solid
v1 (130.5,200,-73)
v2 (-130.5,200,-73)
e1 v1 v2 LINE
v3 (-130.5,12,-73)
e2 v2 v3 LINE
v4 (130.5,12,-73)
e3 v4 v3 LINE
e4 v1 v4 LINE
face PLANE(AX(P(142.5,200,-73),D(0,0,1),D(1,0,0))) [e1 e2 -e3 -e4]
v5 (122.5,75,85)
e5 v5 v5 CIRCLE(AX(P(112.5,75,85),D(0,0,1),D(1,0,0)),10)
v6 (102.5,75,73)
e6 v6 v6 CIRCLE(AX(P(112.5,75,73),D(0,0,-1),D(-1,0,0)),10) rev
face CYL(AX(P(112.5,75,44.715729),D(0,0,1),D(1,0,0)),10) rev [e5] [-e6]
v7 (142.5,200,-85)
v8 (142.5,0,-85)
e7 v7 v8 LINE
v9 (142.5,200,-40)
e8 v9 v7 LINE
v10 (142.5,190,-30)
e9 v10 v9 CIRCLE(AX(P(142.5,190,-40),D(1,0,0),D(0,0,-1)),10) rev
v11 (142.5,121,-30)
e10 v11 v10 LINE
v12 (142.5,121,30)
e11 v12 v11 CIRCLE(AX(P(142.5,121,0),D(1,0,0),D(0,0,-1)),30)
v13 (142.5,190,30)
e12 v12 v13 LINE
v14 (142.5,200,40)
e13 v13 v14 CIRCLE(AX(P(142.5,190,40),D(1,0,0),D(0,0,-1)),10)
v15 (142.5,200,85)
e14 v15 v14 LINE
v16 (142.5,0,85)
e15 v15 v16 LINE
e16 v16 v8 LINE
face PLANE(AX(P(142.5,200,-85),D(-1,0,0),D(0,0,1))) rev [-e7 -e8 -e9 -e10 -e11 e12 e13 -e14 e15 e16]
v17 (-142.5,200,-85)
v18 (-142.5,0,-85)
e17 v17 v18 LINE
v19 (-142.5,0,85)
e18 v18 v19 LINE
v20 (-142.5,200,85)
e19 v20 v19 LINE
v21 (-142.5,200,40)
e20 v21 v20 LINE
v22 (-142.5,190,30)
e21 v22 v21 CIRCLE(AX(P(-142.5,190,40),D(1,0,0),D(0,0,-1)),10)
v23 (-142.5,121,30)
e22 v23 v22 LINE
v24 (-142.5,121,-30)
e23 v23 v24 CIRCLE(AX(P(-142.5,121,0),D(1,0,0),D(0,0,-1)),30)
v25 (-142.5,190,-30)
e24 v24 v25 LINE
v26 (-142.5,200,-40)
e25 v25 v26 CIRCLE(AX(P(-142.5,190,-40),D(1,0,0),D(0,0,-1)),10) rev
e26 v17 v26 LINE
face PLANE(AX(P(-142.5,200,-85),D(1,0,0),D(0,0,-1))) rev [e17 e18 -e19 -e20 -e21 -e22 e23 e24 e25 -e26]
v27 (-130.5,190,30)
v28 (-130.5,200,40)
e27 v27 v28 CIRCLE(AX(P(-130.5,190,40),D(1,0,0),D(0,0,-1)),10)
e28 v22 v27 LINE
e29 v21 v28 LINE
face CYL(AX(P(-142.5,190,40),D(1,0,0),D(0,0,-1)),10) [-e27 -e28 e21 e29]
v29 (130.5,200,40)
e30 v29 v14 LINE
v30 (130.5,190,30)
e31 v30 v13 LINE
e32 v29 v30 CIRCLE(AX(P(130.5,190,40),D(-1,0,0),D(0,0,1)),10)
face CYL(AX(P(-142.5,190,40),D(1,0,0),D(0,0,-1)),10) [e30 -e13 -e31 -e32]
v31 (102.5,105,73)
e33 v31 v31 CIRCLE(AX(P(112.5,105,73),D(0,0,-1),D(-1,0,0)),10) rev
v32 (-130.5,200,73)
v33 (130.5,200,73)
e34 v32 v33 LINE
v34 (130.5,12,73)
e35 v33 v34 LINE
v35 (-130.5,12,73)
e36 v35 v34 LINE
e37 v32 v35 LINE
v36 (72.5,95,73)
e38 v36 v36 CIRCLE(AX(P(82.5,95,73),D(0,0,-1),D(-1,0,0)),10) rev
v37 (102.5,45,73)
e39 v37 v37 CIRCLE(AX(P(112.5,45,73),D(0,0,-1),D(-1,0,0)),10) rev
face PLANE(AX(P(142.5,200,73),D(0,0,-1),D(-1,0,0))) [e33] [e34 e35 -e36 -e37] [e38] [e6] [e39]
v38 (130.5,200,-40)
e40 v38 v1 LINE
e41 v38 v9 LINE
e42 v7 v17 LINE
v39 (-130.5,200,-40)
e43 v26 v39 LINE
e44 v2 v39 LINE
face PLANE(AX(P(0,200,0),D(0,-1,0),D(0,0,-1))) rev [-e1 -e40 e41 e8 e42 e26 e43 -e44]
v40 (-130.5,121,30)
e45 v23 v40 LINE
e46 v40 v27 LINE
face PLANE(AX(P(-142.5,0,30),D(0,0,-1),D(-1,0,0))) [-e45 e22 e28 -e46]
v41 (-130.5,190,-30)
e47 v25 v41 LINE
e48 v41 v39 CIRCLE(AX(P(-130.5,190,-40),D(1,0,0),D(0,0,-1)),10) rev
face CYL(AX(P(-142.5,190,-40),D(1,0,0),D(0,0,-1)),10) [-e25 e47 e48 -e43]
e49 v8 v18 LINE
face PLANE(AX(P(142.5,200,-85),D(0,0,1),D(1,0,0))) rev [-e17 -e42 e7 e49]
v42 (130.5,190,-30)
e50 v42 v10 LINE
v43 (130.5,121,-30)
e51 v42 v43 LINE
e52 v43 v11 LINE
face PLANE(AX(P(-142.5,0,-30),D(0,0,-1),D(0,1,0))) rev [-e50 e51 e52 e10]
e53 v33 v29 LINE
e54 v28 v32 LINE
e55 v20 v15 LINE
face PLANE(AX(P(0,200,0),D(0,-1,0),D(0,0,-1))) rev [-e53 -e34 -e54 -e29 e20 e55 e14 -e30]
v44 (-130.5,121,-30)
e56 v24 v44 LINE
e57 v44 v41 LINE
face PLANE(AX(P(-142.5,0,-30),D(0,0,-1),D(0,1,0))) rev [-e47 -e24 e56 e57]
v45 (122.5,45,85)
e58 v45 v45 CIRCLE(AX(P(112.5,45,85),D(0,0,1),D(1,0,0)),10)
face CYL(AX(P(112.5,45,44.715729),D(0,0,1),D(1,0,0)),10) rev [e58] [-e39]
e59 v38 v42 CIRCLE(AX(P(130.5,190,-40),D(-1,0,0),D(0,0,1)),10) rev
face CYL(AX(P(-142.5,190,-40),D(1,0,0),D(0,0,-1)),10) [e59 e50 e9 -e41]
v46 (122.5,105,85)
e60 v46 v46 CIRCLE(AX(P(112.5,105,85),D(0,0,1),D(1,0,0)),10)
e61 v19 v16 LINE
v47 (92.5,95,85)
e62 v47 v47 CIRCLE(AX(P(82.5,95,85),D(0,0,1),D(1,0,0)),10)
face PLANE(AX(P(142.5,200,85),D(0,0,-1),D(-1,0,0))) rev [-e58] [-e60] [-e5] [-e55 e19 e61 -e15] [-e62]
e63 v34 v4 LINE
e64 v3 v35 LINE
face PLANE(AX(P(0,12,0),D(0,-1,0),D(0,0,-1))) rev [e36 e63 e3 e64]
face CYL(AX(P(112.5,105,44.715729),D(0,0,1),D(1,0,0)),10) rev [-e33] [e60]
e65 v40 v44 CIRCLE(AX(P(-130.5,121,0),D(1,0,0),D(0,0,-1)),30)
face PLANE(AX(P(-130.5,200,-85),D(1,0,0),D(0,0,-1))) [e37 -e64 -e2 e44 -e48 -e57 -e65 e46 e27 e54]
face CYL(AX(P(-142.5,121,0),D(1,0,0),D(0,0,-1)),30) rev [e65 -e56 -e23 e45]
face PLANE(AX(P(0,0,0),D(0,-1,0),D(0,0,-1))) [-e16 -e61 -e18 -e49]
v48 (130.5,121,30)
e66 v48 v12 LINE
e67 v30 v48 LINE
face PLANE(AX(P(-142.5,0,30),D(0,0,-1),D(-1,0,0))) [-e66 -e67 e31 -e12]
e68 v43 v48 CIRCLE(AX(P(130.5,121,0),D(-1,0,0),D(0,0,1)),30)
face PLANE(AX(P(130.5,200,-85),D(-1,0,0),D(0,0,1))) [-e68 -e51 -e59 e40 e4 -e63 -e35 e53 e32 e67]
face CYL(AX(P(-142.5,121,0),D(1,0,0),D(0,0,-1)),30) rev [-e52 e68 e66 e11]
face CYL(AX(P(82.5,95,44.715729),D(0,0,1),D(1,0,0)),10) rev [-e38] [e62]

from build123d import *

# Parameters (mm, degrees)
SKETCH1_W               = 285
SKETCH1_H               = 170
BOSS_EXTRUDE1_DEPTH     = 200
SHELL1_T                = -12
CUT_EXTRUDE1_DEPTH      = 359.399218749
CUT_EXTRUDE1_DEPTH_BACK = 359.399218749
SKETCH4_R               = 10
CUT_EXTRUDE2_DEPTH      = 12


with BuildPart() as part:
    # Sketch1 → Boss-Extrude1 (new body)
    with BuildSketch(Plane(origin=(0, 0, 0), x_dir=(1, 0, 0), z_dir=(0, 1, 0))):
        Rectangle(SKETCH1_W, SKETCH1_H)
    extrude(amount=BOSS_EXTRUDE1_DEPTH)

    # Shell1
    shell1_openings = [part.faces().sort_by_distance(p)[0] for p in [
        (0, 200, 0),
    ]]
    offset(amount=SHELL1_T, openings=shell1_openings, kind=Kind.INTERSECTION)

    # Sketch2 → Cut-Extrude1 (cut, two sides: drawn at the far end of the back side and taken through both)
    with BuildSketch(Plane(origin=(142.5, 0, 0), x_dir=(0, 0, -1), z_dir=(1, 0, 0)).offset(-CUT_EXTRUDE1_DEPTH_BACK)):
        with BuildLine():
            Line((-30, 190), (-30, 121))
            ThreePointArc((-30, 121), (0, 91), (30, 121))
            Line((30, 121), (30, 190))
            ThreePointArc((30, 190), (32.928932188, 197.071067812), (40, 200))
            Line((40, 200), (-40, 200))
            ThreePointArc((-40, 200), (-32.928932188, 197.071067812), (-30, 190))
        make_face()
    extrude(amount=CUT_EXTRUDE1_DEPTH + CUT_EXTRUDE1_DEPTH_BACK, mode=Mode.SUBTRACT)

    # Sketch4 → Cut-Extrude2 (cut)
    with BuildSketch(Plane.XY.offset(85)):
        with Locations((112.5, 105)):
            Circle(SKETCH4_R)
        with Locations((112.5, 75)):
            Circle(SKETCH4_R)
        with Locations((112.5, 45)):
            Circle(SKETCH4_R)
        with Locations((82.5, 95)):
            Circle(SKETCH4_R)
    extrude(amount=-CUT_EXTRUDE2_DEPTH, mode=Mode.SUBTRACT)


solid = part.part
